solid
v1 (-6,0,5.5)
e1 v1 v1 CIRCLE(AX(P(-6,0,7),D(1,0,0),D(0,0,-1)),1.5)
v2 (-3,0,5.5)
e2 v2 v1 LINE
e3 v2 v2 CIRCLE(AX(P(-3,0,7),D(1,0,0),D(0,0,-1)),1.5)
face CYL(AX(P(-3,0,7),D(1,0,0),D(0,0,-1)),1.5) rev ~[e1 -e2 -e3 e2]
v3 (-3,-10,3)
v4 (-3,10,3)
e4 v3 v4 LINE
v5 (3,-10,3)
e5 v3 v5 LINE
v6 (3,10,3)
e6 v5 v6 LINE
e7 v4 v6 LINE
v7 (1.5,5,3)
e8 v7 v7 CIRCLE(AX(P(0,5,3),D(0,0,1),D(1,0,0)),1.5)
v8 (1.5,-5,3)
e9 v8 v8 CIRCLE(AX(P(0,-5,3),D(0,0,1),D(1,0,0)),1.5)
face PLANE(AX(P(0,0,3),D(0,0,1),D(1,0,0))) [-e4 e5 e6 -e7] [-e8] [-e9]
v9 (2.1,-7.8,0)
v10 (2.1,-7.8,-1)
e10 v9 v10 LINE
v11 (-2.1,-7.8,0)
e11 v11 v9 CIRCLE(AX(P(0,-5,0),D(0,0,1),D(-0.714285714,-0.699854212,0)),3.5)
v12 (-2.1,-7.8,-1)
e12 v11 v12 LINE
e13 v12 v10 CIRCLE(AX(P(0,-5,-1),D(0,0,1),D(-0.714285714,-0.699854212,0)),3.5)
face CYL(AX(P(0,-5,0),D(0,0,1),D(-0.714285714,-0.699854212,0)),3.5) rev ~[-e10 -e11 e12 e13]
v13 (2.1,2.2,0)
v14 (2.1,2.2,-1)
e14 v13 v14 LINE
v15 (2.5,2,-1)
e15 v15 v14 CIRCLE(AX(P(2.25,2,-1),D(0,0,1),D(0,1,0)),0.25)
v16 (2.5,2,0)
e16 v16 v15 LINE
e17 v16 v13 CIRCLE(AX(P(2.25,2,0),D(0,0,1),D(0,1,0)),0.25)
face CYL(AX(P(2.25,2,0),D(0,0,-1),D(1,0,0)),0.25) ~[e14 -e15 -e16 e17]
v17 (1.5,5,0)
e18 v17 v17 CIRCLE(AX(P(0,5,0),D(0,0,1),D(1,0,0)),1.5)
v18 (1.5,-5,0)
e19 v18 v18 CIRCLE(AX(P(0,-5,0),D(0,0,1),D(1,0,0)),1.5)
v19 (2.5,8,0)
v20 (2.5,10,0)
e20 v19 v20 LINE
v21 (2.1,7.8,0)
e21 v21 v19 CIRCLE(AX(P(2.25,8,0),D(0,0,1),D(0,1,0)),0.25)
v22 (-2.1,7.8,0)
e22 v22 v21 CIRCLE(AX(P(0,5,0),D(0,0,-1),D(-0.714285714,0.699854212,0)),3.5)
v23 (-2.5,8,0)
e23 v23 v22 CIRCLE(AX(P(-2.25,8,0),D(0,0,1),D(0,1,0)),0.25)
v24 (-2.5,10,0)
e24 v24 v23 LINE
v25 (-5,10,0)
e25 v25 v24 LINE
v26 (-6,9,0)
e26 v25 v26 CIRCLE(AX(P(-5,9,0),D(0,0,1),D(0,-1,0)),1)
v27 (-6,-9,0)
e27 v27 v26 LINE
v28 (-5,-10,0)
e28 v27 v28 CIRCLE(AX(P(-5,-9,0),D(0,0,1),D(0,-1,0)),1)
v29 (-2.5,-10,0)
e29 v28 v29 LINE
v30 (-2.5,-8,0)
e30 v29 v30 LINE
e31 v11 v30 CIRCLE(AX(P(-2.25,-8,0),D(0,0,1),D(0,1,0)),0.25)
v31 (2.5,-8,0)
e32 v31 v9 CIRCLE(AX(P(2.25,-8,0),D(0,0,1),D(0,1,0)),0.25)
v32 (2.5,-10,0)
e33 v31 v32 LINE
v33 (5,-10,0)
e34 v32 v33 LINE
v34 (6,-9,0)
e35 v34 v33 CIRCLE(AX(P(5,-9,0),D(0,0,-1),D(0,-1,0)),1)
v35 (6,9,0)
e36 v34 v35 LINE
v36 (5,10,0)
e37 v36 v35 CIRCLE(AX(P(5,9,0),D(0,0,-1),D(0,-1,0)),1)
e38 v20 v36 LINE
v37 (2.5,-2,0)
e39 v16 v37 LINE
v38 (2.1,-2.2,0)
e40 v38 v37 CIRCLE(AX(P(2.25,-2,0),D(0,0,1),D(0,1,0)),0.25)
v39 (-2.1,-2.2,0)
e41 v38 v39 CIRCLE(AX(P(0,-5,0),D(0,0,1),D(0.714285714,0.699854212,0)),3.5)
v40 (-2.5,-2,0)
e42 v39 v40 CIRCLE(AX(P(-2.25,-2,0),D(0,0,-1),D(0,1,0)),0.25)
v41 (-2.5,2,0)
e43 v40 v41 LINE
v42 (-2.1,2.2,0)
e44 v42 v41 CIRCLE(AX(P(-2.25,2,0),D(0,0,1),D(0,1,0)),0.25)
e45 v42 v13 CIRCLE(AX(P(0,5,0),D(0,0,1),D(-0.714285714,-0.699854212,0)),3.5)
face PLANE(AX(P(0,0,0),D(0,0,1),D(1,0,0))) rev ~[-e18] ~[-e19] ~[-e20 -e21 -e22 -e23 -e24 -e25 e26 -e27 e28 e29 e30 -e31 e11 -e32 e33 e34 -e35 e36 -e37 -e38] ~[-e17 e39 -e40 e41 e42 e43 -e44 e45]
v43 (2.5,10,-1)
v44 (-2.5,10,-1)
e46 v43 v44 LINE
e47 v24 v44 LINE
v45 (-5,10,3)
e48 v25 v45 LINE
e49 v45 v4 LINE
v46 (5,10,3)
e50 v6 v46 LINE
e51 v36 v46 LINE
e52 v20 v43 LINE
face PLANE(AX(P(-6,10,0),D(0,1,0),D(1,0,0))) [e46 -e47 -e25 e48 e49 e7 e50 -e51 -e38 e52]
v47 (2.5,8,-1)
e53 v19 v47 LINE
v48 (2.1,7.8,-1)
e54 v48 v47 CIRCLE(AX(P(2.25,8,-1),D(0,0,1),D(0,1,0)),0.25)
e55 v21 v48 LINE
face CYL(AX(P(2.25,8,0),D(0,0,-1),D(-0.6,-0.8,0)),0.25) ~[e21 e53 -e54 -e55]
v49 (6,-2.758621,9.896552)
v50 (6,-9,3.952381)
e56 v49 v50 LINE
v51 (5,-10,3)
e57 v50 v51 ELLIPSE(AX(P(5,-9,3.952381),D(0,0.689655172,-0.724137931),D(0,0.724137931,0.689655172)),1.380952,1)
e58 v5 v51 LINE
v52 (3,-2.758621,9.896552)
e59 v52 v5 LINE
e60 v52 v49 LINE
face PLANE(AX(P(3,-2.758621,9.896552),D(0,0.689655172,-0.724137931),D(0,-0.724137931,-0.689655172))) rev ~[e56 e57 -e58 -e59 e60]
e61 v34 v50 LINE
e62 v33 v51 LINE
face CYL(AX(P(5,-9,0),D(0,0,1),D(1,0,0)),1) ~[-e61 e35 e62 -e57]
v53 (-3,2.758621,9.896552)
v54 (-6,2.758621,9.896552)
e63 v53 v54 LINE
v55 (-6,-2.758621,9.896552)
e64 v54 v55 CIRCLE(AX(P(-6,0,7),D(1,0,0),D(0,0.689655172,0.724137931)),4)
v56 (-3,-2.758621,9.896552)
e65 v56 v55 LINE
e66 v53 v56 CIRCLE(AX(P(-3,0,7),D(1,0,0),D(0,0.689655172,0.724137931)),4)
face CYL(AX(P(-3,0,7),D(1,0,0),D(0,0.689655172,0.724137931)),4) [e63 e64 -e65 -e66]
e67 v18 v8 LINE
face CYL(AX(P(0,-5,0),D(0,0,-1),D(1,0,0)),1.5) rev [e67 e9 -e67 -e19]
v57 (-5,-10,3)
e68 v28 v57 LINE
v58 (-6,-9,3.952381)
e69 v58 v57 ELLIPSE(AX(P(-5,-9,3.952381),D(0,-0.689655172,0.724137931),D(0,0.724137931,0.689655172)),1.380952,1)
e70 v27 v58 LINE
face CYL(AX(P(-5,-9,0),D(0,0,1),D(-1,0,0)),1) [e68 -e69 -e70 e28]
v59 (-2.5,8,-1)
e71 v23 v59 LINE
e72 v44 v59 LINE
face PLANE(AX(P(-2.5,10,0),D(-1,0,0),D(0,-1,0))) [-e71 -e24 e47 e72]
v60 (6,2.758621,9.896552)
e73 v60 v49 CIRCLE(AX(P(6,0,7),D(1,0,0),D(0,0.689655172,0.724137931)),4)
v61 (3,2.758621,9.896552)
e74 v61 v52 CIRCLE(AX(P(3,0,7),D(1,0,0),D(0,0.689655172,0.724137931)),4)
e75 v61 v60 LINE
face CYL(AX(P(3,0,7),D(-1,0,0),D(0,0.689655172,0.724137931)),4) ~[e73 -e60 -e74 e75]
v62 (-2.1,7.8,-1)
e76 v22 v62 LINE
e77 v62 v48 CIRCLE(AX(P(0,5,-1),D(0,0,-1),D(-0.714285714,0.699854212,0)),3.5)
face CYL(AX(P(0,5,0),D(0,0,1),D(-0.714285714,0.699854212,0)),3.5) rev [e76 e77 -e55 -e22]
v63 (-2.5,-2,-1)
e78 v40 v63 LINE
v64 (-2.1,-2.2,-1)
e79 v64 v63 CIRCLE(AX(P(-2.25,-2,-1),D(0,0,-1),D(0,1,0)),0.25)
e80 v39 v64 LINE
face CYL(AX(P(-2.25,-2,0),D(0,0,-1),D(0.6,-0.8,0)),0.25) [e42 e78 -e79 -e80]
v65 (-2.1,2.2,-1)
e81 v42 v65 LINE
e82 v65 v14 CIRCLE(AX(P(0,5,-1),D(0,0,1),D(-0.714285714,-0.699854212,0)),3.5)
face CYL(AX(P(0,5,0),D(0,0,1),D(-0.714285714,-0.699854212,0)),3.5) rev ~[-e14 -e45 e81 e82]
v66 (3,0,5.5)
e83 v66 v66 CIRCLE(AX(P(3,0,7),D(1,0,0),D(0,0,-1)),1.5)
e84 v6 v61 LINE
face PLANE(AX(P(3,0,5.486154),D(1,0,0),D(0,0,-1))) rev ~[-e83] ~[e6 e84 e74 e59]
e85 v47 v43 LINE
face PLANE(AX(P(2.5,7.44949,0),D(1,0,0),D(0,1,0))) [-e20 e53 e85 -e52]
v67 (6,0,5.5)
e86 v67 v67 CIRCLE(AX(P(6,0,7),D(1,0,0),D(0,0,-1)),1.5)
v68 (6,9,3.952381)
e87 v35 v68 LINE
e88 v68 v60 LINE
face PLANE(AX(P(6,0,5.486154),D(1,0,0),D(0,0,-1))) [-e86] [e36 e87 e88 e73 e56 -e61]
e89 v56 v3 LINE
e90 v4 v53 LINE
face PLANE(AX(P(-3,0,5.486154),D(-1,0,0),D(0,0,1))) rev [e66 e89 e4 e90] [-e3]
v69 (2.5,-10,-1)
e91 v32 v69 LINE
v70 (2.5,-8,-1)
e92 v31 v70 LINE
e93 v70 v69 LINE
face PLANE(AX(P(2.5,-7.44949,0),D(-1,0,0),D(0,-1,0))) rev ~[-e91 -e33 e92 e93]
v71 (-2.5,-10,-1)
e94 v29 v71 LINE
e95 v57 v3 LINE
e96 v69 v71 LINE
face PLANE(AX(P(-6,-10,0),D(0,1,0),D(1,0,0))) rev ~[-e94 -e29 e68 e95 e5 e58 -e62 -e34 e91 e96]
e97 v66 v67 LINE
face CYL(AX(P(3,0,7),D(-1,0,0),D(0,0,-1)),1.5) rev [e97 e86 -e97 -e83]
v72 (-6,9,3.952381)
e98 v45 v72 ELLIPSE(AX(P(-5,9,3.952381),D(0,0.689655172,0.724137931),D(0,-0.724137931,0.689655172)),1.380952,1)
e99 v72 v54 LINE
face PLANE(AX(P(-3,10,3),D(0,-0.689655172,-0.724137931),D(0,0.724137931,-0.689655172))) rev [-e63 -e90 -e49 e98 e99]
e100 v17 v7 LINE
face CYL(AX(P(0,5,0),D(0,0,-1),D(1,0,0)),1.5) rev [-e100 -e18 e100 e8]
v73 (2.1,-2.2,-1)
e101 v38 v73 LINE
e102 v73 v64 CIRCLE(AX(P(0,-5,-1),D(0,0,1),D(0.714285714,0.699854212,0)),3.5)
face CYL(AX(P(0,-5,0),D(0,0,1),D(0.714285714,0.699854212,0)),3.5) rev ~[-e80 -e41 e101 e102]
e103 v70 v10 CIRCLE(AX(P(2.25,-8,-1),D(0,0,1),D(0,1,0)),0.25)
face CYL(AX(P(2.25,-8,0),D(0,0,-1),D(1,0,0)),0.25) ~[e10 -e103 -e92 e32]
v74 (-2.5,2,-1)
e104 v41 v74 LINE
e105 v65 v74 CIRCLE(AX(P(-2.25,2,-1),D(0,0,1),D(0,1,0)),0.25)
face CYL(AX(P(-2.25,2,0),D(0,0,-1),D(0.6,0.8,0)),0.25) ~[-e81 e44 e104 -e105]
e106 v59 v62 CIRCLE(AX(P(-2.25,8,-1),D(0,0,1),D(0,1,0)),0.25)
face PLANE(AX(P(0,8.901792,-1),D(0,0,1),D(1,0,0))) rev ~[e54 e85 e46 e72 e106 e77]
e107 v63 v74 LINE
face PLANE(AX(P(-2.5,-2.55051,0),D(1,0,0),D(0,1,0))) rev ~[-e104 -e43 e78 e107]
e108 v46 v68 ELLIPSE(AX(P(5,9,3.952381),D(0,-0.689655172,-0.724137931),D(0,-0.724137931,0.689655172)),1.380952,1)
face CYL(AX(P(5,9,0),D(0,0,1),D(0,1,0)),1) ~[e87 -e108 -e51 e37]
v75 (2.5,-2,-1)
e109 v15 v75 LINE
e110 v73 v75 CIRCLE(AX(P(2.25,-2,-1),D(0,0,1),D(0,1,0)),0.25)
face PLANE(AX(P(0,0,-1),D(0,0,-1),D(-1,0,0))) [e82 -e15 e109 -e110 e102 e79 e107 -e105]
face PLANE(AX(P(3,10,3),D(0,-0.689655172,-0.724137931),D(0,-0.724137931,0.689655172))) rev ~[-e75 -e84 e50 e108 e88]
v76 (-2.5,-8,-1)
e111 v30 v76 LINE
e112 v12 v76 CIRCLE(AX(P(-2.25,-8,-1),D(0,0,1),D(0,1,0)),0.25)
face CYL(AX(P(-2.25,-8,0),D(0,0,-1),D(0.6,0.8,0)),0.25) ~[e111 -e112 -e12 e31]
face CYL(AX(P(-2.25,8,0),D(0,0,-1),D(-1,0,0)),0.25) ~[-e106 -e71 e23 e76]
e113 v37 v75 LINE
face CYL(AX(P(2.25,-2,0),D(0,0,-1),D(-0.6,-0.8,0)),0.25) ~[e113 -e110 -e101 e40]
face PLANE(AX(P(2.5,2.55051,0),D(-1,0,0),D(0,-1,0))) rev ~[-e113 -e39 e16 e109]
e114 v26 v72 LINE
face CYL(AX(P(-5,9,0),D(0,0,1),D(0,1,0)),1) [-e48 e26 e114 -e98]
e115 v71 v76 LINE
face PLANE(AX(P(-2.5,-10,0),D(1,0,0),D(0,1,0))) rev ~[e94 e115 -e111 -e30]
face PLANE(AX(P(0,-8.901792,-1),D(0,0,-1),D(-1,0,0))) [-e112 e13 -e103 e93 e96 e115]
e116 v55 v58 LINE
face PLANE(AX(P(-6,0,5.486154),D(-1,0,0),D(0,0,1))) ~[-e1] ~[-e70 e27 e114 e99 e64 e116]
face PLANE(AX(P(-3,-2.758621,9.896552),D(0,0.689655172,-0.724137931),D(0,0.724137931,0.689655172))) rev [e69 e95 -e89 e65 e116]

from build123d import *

# Parameters (mm, degrees)
SKETCH1_W           = 12
SKETCH1_H           = 20
SKETCH1_R           = 1.5
BOSS_EXTRUDE1_DEPTH = 3
BOSS_EXTRUDE2_DEPTH = 1
FILLET1_R           = 0.25
BOSS_EXTRUDE3_START = 3
SKETCH4_R           = 1.5
BOSS_EXTRUDE3_DEPTH = 3
FILLET2_R           = 1


with BuildPart() as part:
    # Sketch1 → Boss-Extrude1 (new body)
    with BuildSketch(Plane.XY):
        Rectangle(SKETCH1_W, SKETCH1_H)
        with Locations((0, 5)):
            Circle(SKETCH1_R, mode=Mode.SUBTRACT)
        with Locations((0, -5)):
            Circle(SKETCH1_R, mode=Mode.SUBTRACT)
    extrude(amount=BOSS_EXTRUDE1_DEPTH)

    # Sketch3 → Boss-Extrude2 (add)
    with BuildSketch(Plane(origin=(0, 0, 0), x_dir=(-1, 0, 0), z_dir=(0, 0, -1))):
        with BuildLine():
            Line((-2.5, -10), (2.5, -10))
            Line((2.5, -10), (2.5, -7.449489743))
            ThreePointArc((2.5, -7.449489743), (0, -8.5), (-2.5, -7.449489743))
            Line((-2.5, -7.449489743), (-2.5, -10))
        make_face()
        with BuildLine():
            Line((-2.5, 10), (2.5, 10))
            Line((2.5, 10), (2.5, 7.449489743))
            ThreePointArc((2.5, 7.449489743), (0, 8.5), (-2.5, 7.449489743))
            Line((-2.5, 7.449489743), (-2.5, 10))
        make_face()
        with BuildLine():
            Line((2.5, -2.550510257), (2.5, 2.550510257))
            ThreePointArc((2.5, 2.550510257), (0, 1.5), (-2.5, 2.550510257))
            Line((-2.5, 2.550510257), (-2.5, -2.550510257))
            ThreePointArc((-2.5, -2.550510257), (0, -1.5), (2.5, -2.550510257))
        make_face()
    extrude(amount=BOSS_EXTRUDE2_DEPTH)

    # Fillet1
    fillet1_edges = [part.edges().sort_by_distance(p)[0] for p in [
        (2.5, -7.449489743, -0.5),
        (-2.5, -7.449489743, -0.5),
        (-2.5, 7.449489743, -0.5),
        (2.5, 7.449489743, -0.5),
        (-2.5, 2.550510257, -0.5),
        (2.5, 2.550510257, -0.5),
        (2.5, -2.550510257, -0.5),
        (-2.5, -2.550510257, -0.5),
    ]]
    fillet(fillet1_edges, radius=FILLET1_R)

    # Sketch4 → Boss-Extrude3 (add)
    with BuildSketch(Plane(origin=(0, 0, 0), x_dir=(0, 0, -1), z_dir=(1, 0, 0)).offset(BOSS_EXTRUDE3_START)):
        with BuildLine():
            Line((-3, 10), (-9.896551724, 2.75862069))
            ThreePointArc((-9.896551724, 2.75862069), (-11, 0), (-9.896551724, -2.75862069))
            Line((-9.896551724, -2.75862069), (-3, -10))
            Line((-3, -10), (-3, 10))
        make_face()
        with Locations((-7, 0)):
            Circle(SKETCH4_R, mode=Mode.SUBTRACT)
    boss_extrude3 = extrude(amount=BOSS_EXTRUDE3_DEPTH)

    # Mirror2: Boss-Extrude3 across plane
    add(boss_extrude3.mirror(Plane(origin=(0, 0, 0), x_dir=(0, 0, 1), z_dir=(1, 0, 0))))

    # Fillet2
    fillet2_edges = [part.edges().sort_by_distance(p)[0] for p in [
        (6, -10, 1.5),
        (-6, -10, 1.5),
        (-6, 10, 1.5),
        (6, 10, 1.5),
    ]]
    fillet(fillet2_edges, radius=FILLET2_R)


solid = part.part
